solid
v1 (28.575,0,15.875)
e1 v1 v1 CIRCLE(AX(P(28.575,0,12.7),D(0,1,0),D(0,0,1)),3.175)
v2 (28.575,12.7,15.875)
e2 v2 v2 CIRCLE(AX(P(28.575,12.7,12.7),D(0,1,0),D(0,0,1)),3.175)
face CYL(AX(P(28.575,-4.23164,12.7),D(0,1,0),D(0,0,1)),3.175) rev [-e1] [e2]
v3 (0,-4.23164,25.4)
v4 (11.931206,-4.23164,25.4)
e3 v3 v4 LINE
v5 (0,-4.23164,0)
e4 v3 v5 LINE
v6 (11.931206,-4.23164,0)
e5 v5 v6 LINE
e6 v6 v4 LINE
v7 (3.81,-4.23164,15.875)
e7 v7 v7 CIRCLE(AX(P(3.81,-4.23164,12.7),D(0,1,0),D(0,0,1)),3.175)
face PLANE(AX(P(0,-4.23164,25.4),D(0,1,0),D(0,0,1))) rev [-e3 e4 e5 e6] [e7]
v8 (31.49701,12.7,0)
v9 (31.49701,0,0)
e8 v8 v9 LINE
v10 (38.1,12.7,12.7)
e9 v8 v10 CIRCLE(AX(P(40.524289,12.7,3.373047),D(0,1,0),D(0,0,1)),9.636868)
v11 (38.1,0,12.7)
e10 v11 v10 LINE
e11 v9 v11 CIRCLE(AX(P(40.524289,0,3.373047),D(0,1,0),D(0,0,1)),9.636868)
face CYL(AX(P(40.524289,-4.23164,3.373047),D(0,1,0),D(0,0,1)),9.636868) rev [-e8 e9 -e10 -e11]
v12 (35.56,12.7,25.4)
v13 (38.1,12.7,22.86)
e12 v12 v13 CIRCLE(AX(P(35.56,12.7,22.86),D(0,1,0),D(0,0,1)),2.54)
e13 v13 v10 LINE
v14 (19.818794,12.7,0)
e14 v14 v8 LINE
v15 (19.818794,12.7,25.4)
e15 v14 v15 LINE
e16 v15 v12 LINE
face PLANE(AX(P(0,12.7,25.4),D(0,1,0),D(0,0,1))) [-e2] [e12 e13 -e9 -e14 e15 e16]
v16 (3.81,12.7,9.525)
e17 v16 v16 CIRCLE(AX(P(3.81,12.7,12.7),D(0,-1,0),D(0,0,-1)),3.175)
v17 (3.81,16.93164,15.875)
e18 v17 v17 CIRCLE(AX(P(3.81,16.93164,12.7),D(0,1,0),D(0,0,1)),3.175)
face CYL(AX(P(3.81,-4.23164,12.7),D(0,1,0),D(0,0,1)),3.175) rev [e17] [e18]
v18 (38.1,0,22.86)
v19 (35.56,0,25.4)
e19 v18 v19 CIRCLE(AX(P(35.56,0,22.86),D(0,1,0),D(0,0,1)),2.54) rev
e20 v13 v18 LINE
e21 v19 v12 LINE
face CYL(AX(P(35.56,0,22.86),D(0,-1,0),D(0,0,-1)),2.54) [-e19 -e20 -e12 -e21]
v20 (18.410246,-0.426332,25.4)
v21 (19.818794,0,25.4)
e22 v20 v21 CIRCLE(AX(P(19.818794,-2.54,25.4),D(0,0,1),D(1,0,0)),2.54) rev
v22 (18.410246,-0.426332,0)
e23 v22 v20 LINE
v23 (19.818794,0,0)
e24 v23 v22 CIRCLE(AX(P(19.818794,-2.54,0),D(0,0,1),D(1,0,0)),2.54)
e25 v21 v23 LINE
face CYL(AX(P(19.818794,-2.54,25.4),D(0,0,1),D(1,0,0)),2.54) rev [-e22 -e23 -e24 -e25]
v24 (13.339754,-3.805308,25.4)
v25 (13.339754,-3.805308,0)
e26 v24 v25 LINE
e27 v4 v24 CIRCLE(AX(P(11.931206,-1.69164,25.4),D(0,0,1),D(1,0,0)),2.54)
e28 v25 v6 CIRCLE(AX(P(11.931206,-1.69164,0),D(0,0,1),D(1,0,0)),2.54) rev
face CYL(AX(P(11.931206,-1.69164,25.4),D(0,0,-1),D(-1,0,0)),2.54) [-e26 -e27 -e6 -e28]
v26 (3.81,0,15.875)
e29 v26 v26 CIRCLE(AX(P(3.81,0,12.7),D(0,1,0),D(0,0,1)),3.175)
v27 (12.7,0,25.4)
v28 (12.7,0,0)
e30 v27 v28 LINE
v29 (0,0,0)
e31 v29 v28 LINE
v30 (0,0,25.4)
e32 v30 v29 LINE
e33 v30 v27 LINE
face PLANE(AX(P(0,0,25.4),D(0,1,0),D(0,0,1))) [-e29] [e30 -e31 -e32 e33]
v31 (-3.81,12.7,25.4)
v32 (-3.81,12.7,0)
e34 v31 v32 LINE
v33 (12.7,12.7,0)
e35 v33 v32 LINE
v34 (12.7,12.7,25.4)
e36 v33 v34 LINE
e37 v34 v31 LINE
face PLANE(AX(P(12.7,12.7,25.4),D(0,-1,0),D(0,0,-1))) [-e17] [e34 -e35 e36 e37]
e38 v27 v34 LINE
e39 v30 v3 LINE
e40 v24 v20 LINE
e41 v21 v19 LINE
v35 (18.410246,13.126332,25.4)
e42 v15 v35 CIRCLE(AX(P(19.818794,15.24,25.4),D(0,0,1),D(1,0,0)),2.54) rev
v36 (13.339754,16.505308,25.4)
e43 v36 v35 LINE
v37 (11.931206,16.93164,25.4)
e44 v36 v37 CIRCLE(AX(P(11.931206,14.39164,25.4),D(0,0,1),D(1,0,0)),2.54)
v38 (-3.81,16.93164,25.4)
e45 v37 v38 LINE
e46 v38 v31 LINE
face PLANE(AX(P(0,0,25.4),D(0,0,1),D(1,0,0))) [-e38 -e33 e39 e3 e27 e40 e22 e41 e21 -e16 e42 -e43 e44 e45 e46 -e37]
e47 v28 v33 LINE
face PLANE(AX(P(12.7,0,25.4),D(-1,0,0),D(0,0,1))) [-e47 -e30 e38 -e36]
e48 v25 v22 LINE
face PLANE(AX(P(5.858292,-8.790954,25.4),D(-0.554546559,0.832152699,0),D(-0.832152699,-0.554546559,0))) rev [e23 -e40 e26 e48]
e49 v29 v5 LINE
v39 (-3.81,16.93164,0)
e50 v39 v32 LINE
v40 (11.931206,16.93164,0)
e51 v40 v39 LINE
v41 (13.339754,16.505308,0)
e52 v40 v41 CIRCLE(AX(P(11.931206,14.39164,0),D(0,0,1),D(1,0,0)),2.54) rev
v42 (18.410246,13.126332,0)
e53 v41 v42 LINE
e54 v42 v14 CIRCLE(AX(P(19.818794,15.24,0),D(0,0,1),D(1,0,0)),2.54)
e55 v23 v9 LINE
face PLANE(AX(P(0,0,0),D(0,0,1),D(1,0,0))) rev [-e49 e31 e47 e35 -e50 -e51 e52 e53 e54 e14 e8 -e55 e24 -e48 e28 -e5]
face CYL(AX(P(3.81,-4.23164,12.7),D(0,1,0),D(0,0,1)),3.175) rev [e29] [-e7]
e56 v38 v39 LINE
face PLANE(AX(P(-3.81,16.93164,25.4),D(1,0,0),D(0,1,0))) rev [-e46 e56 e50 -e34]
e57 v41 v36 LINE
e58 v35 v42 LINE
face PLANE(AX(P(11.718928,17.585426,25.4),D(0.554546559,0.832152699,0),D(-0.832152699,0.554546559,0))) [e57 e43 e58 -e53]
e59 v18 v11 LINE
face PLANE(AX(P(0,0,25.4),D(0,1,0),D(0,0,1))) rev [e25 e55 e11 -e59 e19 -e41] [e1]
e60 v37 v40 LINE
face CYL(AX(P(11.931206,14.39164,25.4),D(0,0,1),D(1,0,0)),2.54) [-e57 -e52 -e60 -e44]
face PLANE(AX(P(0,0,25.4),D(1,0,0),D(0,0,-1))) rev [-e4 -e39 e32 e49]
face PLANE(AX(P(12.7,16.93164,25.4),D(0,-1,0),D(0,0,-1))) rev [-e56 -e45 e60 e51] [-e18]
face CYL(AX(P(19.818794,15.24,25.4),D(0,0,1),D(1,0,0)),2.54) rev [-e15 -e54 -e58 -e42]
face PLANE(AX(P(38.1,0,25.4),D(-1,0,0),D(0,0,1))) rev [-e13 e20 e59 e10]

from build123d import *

# Parameters (mm, degrees)
SKETCH1_W               = 12.7
SKETCH1_H               = 4.23164
SKETCH1_W_2             = 16.51
BOSS_EXTRUDE1_DEPTH     = 25.4
CUT_EXTRUDE4_DEPTH      = 49.820594354
CUT_EXTRUDE4_DEPTH_BACK = 49.820594354
SKETCH4_R               = 3.175
CUT_EXTRUDE5_DEPTH      = 49.820594354
CUT_EXTRUDE5_DEPTH_BACK = 49.820594354
SKETCH6_R               = 3.175
CUT_EXTRUDE6_DEPTH      = 49.820594354
CUT_EXTRUDE6_DEPTH_BACK = 49.820594354
FILLET1_R               = 2.54


with BuildPart() as part:
    # Sketch1 → Boss-Extrude1 (new body)
    with BuildSketch(Plane.XY):
        with Locations((6.35, -2.11582)):
            Rectangle(SKETCH1_W, SKETCH1_H)
        Polygon((19.05, 0), (38.1, 0), (38.1, 12.7), (19.05, 12.7), (12.7, 16.93164), (12.7, 12.7), (12.7, 0), (12.7, -4.23164), align=None)
        with Locations((4.445, 14.81582)):
            Rectangle(SKETCH1_W_2, SKETCH1_H)
    extrude(amount=BOSS_EXTRUDE1_DEPTH)

    # Sketch4 → Cut-Extrude4 (cut, two sides: drawn at the far end of the back side and taken through both)
    with BuildSketch(Plane(origin=(0, 0, 0), x_dir=(1, 0, 0), z_dir=(0, 1, 0)).offset(-CUT_EXTRUDE4_DEPTH_BACK)):
        with Locations(Location((3.81, -12.7, 0), (0, 0, 270))):
            Circle(SKETCH4_R)
    extrude(amount=CUT_EXTRUDE4_DEPTH + CUT_EXTRUDE4_DEPTH_BACK, mode=Mode.SUBTRACT)

    # Sketch6 → Cut-Extrude5 (cut, two sides: drawn at the far end of the back side and taken through both)
    with BuildSketch(Plane(origin=(0, 12.7, 0), x_dir=(1, 0, 0), z_dir=(0, 1, 0)).offset(-CUT_EXTRUDE5_DEPTH_BACK)):
        with Locations(Location((28.575, -12.7, 0), (0, 0, 270))):
            Circle(SKETCH6_R)
    extrude(amount=CUT_EXTRUDE5_DEPTH + CUT_EXTRUDE5_DEPTH_BACK, mode=Mode.SUBTRACT)

    # Sketch7 → Cut-Extrude6 (cut, two sides: drawn at the far end of the back side and taken through both)
    with BuildSketch(Plane(origin=(0, 12.7, 0), x_dir=(1, 0, 0), z_dir=(0, 1, 0)).offset(-CUT_EXTRUDE6_DEPTH_BACK)):
        with BuildLine():
            Line((31.497009702, 0), (38.1, 0))
            Line((38.1, 0), (38.1, -12.7))
            ThreePointArc((38.1, -12.7), (31.974019773, -7.818507683), (31.497009702, 0))
        make_face()
    extrude(amount=CUT_EXTRUDE6_DEPTH + CUT_EXTRUDE6_DEPTH_BACK, mode=Mode.SUBTRACT)

    # Fillet1
    fillet1_edges = [part.edges().sort_by_distance(p)[0] for p in [
        (12.7, 16.93164, 12.7),
        (19.05, 12.7, 12.7),
        (19.05, 0, 12.7),
        (12.7, -4.23164, 12.7),
        (38.1, 6.35, 25.4),
    ]]
    fillet(fillet1_edges, radius=FILLET1_R)


solid = part.part
